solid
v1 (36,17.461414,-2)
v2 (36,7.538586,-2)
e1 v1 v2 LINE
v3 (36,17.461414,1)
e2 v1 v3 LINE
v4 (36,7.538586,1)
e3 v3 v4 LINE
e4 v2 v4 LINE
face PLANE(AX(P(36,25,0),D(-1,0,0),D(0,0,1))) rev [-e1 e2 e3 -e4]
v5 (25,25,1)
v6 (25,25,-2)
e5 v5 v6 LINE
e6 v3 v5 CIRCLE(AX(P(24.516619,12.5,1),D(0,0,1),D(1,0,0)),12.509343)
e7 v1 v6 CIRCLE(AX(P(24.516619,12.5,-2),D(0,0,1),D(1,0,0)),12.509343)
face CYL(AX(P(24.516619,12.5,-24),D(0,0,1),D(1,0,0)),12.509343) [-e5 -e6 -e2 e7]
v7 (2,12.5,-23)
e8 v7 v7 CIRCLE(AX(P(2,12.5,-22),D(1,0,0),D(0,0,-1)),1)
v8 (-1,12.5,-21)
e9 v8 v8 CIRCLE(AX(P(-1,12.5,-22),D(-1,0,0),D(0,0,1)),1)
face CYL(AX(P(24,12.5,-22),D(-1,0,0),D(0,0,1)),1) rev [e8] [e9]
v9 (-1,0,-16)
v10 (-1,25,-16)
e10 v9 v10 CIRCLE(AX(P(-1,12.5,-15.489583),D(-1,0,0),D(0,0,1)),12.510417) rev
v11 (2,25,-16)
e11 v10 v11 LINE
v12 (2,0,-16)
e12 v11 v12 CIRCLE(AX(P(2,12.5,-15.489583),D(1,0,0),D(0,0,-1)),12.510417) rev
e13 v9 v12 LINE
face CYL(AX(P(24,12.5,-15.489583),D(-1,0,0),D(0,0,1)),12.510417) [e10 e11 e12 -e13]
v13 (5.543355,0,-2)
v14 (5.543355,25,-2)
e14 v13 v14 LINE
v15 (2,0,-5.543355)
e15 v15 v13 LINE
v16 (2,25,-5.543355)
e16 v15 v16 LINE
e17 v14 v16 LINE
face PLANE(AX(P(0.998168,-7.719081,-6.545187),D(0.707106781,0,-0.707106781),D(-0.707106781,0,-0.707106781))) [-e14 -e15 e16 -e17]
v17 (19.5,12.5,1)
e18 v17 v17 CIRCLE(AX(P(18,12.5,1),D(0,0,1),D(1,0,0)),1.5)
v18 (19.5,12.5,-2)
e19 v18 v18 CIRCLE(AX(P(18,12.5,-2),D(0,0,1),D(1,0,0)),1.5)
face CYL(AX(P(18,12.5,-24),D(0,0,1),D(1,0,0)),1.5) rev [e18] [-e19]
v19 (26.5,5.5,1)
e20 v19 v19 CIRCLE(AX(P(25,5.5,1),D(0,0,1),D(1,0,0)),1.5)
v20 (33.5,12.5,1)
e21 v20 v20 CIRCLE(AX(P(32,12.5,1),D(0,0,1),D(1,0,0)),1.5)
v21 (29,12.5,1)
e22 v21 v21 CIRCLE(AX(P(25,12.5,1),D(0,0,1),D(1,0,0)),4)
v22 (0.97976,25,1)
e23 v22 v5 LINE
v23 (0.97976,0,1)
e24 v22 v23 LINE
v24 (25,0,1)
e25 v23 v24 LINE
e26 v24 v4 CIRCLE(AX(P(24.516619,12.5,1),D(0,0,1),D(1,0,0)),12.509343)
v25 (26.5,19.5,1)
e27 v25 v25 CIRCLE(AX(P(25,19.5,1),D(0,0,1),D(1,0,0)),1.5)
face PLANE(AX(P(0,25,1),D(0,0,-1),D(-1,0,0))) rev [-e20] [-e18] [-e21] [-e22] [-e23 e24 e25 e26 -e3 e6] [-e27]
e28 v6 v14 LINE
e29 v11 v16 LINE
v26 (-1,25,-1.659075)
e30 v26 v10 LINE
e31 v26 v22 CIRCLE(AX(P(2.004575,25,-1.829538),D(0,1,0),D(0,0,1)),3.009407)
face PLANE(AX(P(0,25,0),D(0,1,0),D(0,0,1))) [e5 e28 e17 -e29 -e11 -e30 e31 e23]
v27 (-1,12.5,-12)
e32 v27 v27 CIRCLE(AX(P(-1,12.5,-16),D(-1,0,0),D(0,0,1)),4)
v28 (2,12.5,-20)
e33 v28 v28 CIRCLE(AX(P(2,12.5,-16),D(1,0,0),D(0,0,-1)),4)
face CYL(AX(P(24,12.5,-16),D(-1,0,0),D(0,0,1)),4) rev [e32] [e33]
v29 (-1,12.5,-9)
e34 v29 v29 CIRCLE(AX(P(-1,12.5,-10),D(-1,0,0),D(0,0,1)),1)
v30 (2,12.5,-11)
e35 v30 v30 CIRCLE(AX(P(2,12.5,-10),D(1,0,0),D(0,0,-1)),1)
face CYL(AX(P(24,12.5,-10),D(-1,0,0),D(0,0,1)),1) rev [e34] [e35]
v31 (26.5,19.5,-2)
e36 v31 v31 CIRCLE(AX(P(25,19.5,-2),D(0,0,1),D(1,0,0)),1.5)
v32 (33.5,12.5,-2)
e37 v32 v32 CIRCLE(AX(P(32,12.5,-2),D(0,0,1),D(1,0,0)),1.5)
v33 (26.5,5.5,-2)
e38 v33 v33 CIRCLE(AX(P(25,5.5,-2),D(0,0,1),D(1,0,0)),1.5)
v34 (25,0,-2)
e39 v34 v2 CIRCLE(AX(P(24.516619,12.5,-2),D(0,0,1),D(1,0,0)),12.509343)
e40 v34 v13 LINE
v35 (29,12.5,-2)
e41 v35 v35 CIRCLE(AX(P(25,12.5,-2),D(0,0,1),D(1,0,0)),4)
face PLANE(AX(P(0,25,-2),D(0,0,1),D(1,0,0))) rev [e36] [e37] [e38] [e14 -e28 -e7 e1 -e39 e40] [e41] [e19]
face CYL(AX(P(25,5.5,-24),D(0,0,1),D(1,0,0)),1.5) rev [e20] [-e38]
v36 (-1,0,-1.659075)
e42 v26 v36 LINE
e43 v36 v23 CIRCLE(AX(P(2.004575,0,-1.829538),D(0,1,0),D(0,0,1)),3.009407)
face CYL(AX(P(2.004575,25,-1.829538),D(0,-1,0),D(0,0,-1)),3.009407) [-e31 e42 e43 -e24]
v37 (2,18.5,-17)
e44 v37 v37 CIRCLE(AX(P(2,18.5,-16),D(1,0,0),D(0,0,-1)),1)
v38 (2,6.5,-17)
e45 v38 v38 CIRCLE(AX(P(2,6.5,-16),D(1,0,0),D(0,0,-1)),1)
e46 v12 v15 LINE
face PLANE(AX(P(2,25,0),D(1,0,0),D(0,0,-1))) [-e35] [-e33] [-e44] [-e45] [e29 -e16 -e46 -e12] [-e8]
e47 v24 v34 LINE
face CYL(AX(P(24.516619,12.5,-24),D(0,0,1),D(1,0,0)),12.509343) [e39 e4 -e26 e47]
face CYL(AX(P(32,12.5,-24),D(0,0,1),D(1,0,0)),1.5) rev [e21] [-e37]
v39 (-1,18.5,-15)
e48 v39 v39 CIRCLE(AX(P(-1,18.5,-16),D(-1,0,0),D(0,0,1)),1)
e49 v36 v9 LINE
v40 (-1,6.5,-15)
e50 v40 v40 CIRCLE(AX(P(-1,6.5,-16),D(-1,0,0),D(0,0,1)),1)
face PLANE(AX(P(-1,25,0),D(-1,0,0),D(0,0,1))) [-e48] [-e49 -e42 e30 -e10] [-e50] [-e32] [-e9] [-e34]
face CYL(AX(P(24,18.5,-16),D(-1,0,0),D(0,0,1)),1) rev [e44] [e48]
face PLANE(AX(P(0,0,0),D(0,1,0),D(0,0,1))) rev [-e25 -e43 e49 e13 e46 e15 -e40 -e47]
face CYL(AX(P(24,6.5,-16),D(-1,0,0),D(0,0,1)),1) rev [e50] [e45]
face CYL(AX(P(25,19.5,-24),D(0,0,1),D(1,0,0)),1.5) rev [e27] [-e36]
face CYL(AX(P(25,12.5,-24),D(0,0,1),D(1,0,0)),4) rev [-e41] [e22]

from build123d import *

# Parameters (mm, degrees)
BOSS_EXTRUDE1_DEPTH = 25
CUT_EXTRUDE1_DEPTH  = 25
CUT_EXTRUDE2_DEPTH  = 25
SKETCH5_R           = 4
SKETCH5_R_2         = 1.5
CUT_EXTRUDE3_DEPTH  = 25
SKETCH6_R           = 4
SKETCH6_R_2         = 1
CUT_EXTRUDE4_DEPTH  = 25
BOSS_EXTRUDE2_DEPTH = 25


with BuildPart() as part:
    # Sketch1 → Boss-Extrude1 (new body)
    with BuildSketch(Plane(origin=(0, 0, 0), x_dir=(1, 0, 0), z_dir=(0, 1, 0))):
        with BuildLine():
            ThreePointArc((-1, 1.659075407), (-0.409273776, 0.032355851), (0.979760199, -1))
            Line((0.979760199, -1), (3.029390137, -1))
            Line((3.029390137, -1), (36, -1))
            Line((36, -1), (36, 2))
            Line((36, 2), (3.038729714, 2))
            ThreePointArc((3.038729714, 2), (3.003147911, 1.999369152), (2.967566108, 2))
            ThreePointArc((2.967566108, 2), (2.293369144, 2.293369144), (2, 2.967566108))
            Line((2, 2.967566108), (2, 28))
            Line((2, 28), (-1, 28))
            Line((-1, 28), (-1, 2))
            Line((-1, 2), (-1, 1.659075407))
        make_face()
    extrude(amount=BOSS_EXTRUDE1_DEPTH)

    # Sketch2 → Cut-Extrude1 (cut)
    with BuildSketch(Plane.ZY.offset(1)):
        with BuildLine():
            ThreePointArc((-28, 12.5), (-24.514439297, 21.163861726), (-16, 25))
            Line((-16, 25), (-28, 25))
            Line((-28, 25), (-28, 12.5))
        make_face()
        with BuildLine():
            ThreePointArc((-16, 0), (-24.514439297, 3.836138274), (-28, 12.5))
            Line((-28, 12.5), (-28, 0))
            Line((-28, 0), (-16, 0))
        make_face()
    extrude(amount=-CUT_EXTRUDE1_DEPTH, mode=Mode.SUBTRACT)

    # Sketch4 → Cut-Extrude2 (cut)
    with BuildSketch(Plane.XY.offset(1)):
        with BuildLine():
            Line((36, 25), (25, 25))
            ThreePointArc((25, 25), (31.588282141, 22.818684163), (36, 17.461413786))
            Line((36, 17.461413786), (36, 25))
        make_face()
        with BuildLine():
            Line((36, 0), (36, 7.538586214))
            ThreePointArc((36, 7.538586214), (31.588282141, 2.181315837), (25, 0))
            Line((25, 0), (36, 0))
        make_face()
    extrude(amount=-CUT_EXTRUDE2_DEPTH, mode=Mode.SUBTRACT)

    # Sketch5 → Cut-Extrude3 (cut)
    with BuildSketch(Plane.XY.offset(1)):
        with Locations((25, 12.5)):
            Circle(SKETCH5_R)
        with Locations((25, 19.5)):
            Circle(SKETCH5_R_2)
        with Locations((32, 12.5)):
            Circle(SKETCH5_R_2)
        with Locations((25, 5.5)):
            Circle(SKETCH5_R_2)
        with Locations((18, 12.5)):
            Circle(SKETCH5_R_2)
    extrude(amount=-CUT_EXTRUDE3_DEPTH, mode=Mode.SUBTRACT)

    # Sketch6 → Cut-Extrude4 (cut)
    with BuildSketch(Plane.ZY.offset(1)):
        with Locations((-16, 12.5)):
            Circle(SKETCH6_R)
        with Locations((-16, 18.5)):
            Circle(SKETCH6_R_2)
        with Locations((-10, 12.5)):
            Circle(SKETCH6_R_2)
        with Locations((-16, 6.5)):
            Circle(SKETCH6_R_2)
        with Locations((-22, 12.5)):
            Circle(SKETCH6_R_2)
    extrude(amount=-CUT_EXTRUDE4_DEPTH, mode=Mode.SUBTRACT)

    # Sketch7 → Boss-Extrude2 (add)
    with BuildSketch(Plane(origin=(0, 25, 0), x_dir=(1, 0, 0), z_dir=(0, 1, 0))):
        Polygon((0.998168154, 6.545186747), (6.456382716, 1.086972186), (0.998168154, 1.086972186), align=None)
    extrude(amount=-BOSS_EXTRUDE2_DEPTH)


solid = part.part
